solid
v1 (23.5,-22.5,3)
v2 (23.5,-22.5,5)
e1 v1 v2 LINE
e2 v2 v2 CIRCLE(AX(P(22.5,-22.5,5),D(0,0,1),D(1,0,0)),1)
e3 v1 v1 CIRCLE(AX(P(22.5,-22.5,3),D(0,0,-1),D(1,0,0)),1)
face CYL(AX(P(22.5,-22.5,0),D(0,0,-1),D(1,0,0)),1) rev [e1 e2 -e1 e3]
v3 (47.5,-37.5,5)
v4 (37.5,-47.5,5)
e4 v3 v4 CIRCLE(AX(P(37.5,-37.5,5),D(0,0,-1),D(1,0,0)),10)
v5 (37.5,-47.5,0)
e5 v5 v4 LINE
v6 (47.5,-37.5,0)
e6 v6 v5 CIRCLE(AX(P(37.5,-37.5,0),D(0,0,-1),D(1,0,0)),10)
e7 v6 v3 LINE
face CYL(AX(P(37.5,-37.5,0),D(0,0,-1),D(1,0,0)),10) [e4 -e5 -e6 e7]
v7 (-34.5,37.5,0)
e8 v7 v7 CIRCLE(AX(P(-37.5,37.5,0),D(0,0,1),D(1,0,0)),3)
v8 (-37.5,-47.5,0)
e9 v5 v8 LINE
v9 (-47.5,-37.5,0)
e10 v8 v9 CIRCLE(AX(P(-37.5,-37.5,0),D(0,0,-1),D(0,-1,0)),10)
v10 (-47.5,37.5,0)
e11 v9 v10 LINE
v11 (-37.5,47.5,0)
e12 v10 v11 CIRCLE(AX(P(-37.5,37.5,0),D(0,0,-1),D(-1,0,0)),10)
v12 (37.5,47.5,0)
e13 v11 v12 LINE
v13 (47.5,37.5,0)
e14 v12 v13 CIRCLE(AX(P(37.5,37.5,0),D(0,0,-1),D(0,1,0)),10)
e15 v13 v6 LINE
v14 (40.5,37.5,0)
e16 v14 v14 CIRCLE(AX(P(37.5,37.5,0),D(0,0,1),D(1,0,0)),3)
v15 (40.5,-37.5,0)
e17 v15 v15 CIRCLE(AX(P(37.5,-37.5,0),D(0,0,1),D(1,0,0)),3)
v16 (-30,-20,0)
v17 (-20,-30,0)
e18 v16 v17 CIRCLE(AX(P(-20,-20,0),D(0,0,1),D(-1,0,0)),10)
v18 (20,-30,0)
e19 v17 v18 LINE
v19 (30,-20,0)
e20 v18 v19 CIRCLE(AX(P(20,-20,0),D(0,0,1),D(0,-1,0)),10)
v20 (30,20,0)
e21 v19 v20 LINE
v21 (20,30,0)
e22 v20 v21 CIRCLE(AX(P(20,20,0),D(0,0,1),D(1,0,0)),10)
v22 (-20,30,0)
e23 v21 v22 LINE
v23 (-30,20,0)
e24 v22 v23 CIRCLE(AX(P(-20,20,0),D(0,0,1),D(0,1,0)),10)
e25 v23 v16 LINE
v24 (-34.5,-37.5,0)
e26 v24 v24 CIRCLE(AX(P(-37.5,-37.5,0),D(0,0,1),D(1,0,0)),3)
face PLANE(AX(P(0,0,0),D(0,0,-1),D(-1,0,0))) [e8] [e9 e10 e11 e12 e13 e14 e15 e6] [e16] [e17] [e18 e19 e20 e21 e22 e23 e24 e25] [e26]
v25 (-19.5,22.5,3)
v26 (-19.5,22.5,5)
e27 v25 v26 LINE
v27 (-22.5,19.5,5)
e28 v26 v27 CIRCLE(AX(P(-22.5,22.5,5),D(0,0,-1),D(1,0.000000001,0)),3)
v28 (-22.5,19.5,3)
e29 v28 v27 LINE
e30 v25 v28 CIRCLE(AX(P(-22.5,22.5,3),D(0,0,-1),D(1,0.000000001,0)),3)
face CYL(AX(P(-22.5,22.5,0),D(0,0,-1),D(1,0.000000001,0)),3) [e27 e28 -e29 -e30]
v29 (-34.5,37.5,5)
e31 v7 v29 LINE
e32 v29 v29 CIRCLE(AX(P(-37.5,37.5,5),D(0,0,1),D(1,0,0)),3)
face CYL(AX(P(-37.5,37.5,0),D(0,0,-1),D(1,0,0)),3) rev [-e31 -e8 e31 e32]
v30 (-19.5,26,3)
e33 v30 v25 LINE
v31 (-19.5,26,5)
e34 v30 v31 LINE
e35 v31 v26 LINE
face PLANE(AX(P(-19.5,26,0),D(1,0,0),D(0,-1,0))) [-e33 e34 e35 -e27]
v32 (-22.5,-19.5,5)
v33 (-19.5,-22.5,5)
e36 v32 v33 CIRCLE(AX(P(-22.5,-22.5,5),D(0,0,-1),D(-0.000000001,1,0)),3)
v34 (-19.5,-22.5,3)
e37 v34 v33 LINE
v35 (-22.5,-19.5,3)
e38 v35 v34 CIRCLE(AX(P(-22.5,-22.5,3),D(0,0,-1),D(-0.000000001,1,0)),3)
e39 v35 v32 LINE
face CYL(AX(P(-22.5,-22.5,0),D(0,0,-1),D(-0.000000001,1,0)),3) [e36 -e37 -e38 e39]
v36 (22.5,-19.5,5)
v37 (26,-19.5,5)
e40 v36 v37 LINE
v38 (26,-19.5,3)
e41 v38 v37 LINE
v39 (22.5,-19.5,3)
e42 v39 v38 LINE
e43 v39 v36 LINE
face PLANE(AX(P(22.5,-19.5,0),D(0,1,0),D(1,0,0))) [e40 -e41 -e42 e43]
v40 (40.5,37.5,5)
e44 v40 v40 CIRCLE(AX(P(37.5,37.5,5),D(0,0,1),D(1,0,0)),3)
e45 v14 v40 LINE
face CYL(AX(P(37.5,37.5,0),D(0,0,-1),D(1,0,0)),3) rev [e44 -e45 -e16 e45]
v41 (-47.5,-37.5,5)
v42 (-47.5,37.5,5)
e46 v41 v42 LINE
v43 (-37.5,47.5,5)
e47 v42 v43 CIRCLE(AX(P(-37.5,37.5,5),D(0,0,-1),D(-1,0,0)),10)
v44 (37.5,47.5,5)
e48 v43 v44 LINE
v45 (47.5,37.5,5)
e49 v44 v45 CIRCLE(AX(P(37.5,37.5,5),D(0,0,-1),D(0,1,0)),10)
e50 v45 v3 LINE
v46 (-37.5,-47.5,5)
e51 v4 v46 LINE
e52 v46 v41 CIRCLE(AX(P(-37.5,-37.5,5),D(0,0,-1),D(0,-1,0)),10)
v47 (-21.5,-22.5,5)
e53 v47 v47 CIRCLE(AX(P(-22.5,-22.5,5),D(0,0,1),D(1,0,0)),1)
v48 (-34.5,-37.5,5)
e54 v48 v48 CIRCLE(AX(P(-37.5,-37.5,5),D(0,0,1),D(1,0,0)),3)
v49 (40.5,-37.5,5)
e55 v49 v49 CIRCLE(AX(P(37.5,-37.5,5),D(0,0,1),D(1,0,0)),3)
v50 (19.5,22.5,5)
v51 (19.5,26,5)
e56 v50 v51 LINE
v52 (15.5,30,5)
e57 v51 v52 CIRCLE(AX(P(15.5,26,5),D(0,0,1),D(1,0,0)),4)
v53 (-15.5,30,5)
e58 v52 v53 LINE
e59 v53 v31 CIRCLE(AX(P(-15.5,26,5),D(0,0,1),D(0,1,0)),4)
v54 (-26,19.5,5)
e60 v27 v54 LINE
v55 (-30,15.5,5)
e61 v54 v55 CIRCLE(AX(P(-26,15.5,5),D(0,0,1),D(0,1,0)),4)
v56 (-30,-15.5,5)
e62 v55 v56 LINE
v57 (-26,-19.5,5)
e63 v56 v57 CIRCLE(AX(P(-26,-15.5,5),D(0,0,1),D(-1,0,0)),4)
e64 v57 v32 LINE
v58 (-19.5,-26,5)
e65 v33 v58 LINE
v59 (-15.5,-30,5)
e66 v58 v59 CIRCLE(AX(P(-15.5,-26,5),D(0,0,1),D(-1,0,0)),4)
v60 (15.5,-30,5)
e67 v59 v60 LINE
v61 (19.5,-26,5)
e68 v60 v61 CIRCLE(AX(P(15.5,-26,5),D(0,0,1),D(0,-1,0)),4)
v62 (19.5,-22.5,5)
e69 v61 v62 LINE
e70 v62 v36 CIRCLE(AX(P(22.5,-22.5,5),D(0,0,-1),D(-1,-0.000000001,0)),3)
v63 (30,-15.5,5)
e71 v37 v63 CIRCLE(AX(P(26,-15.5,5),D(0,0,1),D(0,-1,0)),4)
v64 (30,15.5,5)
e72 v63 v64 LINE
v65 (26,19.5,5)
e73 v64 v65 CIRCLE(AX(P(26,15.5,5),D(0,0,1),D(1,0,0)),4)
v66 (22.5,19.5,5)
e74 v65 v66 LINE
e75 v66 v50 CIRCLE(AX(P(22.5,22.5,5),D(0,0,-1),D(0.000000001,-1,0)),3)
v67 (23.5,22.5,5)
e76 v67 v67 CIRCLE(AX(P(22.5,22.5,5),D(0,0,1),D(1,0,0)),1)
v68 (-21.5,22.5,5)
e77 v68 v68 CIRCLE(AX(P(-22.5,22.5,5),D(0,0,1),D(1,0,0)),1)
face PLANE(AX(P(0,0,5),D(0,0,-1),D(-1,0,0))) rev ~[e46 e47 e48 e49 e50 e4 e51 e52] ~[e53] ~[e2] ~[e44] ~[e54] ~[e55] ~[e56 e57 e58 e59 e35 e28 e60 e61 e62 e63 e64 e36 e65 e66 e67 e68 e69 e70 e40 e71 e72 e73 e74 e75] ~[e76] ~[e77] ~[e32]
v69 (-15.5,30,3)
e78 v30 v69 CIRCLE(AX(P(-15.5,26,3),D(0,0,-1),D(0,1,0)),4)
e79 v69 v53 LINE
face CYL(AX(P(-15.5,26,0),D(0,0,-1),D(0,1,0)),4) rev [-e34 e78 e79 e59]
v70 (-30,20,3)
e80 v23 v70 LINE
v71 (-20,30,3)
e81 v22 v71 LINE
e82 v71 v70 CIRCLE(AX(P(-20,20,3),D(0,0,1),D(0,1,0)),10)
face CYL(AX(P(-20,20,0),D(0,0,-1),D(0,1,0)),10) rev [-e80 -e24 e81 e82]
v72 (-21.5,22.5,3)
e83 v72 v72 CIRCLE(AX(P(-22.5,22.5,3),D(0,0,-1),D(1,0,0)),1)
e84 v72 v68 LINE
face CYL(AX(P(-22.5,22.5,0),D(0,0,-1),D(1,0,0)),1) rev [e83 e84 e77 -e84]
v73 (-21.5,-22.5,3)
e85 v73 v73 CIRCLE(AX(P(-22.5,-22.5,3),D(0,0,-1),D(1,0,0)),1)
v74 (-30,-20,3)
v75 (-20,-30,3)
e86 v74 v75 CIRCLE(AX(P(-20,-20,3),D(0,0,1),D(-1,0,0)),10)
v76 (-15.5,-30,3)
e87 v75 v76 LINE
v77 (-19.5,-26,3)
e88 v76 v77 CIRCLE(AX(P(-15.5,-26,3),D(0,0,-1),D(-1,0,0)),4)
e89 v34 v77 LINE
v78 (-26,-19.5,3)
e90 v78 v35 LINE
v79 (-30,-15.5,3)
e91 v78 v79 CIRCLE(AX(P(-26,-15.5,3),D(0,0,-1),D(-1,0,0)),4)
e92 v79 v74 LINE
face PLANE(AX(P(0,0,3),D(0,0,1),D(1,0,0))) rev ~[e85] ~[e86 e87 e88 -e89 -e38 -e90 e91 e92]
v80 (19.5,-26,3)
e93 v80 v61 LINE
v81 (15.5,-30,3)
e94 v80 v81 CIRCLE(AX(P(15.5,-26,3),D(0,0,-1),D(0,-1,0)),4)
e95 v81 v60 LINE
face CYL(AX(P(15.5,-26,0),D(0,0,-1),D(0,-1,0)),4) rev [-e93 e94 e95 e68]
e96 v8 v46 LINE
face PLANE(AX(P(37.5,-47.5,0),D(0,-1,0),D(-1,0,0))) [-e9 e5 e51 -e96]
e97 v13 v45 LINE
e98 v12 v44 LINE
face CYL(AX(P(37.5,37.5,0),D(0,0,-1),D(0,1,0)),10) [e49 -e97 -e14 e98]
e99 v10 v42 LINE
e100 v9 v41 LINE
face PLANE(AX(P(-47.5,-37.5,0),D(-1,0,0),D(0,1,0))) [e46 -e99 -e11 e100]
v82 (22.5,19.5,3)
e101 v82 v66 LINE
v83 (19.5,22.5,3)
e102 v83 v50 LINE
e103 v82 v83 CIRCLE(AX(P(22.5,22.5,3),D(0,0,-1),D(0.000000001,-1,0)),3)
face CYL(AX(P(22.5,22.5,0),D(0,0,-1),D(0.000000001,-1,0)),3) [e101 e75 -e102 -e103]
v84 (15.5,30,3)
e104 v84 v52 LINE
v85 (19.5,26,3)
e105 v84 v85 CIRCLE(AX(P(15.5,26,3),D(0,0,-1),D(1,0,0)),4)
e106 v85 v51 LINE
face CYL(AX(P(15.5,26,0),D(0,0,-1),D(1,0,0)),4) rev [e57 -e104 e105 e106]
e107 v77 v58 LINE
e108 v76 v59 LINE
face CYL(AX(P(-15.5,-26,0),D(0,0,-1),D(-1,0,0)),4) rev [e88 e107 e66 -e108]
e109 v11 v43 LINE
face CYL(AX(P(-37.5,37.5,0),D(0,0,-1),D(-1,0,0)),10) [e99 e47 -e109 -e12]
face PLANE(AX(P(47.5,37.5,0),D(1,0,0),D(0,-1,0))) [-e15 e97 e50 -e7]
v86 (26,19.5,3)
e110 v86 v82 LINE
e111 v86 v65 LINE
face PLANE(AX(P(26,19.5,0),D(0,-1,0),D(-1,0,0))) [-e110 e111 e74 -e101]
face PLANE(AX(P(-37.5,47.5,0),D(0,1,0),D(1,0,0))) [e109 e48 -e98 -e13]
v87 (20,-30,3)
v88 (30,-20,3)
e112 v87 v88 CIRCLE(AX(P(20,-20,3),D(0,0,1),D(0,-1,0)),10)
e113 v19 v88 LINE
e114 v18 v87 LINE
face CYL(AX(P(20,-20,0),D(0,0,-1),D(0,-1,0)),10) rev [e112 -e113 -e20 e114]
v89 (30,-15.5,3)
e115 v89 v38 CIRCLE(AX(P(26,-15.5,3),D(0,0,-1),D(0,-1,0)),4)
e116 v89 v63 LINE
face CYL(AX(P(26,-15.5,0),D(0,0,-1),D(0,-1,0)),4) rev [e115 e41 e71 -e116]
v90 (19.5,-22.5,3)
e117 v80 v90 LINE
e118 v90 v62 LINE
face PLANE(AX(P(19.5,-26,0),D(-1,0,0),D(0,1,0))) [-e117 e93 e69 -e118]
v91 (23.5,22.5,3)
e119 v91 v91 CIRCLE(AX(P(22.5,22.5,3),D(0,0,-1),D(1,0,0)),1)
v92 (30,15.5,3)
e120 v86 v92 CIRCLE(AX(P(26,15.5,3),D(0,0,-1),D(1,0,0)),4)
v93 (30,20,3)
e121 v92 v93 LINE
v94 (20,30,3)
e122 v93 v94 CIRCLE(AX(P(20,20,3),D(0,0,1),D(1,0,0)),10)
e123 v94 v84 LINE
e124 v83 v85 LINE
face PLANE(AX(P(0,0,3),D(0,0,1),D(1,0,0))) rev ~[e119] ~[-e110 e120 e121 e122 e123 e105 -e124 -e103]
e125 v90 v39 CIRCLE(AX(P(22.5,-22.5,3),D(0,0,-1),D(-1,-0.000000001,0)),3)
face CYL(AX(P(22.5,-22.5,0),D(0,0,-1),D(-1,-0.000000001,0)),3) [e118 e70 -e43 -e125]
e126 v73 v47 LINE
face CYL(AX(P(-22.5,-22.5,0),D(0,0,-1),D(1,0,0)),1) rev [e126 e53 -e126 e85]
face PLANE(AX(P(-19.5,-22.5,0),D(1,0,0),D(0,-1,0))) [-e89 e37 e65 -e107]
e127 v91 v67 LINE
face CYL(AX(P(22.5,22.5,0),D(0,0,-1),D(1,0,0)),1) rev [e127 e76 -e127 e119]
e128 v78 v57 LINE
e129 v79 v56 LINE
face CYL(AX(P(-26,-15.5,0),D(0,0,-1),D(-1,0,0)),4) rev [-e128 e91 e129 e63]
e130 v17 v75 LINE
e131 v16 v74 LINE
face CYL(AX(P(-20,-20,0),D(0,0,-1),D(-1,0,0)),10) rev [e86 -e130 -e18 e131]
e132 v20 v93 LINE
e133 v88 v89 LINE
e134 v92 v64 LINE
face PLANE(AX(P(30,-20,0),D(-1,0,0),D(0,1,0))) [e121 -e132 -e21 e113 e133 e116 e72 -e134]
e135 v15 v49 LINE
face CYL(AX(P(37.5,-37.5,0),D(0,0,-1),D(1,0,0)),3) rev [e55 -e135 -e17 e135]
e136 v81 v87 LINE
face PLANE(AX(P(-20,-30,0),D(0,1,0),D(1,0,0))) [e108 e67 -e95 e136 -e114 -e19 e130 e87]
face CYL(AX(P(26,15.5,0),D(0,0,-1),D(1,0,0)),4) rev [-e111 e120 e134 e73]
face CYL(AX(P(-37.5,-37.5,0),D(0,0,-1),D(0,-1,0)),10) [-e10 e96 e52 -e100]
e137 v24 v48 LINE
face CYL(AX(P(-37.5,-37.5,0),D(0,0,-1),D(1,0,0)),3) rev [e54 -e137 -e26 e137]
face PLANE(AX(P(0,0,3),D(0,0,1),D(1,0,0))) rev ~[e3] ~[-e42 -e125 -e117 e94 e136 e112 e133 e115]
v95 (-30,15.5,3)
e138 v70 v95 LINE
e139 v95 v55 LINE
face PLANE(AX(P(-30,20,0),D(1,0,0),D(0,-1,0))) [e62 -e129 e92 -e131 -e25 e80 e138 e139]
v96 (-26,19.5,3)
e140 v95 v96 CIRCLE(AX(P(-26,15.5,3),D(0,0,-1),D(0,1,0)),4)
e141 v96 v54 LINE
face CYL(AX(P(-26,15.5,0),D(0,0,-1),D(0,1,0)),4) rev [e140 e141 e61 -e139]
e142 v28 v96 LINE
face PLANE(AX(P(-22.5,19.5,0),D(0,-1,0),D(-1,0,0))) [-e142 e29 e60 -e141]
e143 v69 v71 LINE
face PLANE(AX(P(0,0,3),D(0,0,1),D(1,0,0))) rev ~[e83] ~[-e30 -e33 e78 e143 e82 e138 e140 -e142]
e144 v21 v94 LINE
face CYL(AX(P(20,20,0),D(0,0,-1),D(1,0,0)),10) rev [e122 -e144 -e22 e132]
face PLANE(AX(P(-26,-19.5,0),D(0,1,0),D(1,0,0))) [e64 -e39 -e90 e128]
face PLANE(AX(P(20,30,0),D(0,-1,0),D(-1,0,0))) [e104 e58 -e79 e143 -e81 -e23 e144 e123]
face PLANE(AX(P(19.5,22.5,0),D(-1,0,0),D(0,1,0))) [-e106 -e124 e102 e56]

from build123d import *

# Parameters (mm, degrees)
SKETCH_1_R          = 1
SKETCH_1_R_2        = 3
EXTRUDE_1_DEPTH     = 5
CUT_EXTRUDE_1_DEPTH = 3


with BuildPart() as part:
    # 草图1 → 凸台-拉伸1 (new body)
    with BuildSketch(Plane.XY):
        with BuildLine():
            Line((-37.5, 47.5), (37.5, 47.5))
            ThreePointArc((37.5, 47.5), (44.571067812, 44.571067812), (47.5, 37.5))
            Line((47.5, 37.5), (47.5, -37.5))
            ThreePointArc((47.5, -37.5), (44.571067812, -44.571067812), (37.5, -47.5))
            Line((37.5, -47.5), (-37.5, -47.5))
            ThreePointArc((-37.5, -47.5), (-44.571067812, -44.571067812), (-47.5, -37.5))
            Line((-47.5, -37.5), (-47.5, 37.5))
            ThreePointArc((-47.5, 37.5), (-44.571067812, 44.571067812), (-37.5, 47.5))
        make_face()
        with Locations((-22.5, 22.5)):
            Circle(SKETCH_1_R, mode=Mode.SUBTRACT)
        with Locations((22.5, 22.5)):
            Circle(SKETCH_1_R, mode=Mode.SUBTRACT)
        with Locations((22.5, -22.5)):
            Circle(SKETCH_1_R, mode=Mode.SUBTRACT)
        with Locations((-22.5, -22.5)):
            Circle(SKETCH_1_R, mode=Mode.SUBTRACT)
        with Locations((37.5, 37.5)):
            Circle(SKETCH_1_R_2, mode=Mode.SUBTRACT)
        with Locations((-37.5, 37.5)):
            Circle(SKETCH_1_R_2, mode=Mode.SUBTRACT)
        with Locations((-37.5, -37.5)):
            Circle(SKETCH_1_R_2, mode=Mode.SUBTRACT)
        with Locations((37.5, -37.5)):
            Circle(SKETCH_1_R_2, mode=Mode.SUBTRACT)
        with BuildLine():
            Line((15.5, 30), (-15.5, 30))
            ThreePointArc((-15.5, 30), (-18.328427125, 28.828427125), (-19.5, 26))
            Line((-19.5, 26), (-19.5, 22.5))
            ThreePointArc((-19.5, 22.5), (-20.378679656, 20.378679656), (-22.5, 19.5))
            Line((-22.5, 19.5), (-26, 19.5))
            ThreePointArc((-26, 19.5), (-28.828427125, 18.328427125), (-30, 15.5))
            Line((-30, 15.5), (-30, -15.5))
            ThreePointArc((-30, -15.5), (-28.828427125, -18.328427125), (-26, -19.5))
            Line((-26, -19.5), (-22.5, -19.5))
            ThreePointArc((-22.5, -19.5), (-20.378679656, -20.378679656), (-19.5, -22.5))
            Line((-19.5, -22.5), (-19.5, -26))
            ThreePointArc((-19.5, -26), (-18.328427125, -28.828427125), (-15.5, -30))
            Line((-15.5, -30), (15.5, -30))
            ThreePointArc((15.5, -30), (18.328427125, -28.828427125), (19.5, -26))
            Line((19.5, -26), (19.5, -22.5))
            ThreePointArc((19.5, -22.5), (20.378679656, -20.378679656), (22.5, -19.5))
            Line((22.5, -19.5), (26, -19.5))
            ThreePointArc((26, -19.5), (28.828427125, -18.328427125), (30, -15.5))
            Line((30, -15.5), (30, 15.5))
            ThreePointArc((30, 15.5), (28.828427125, 18.328427125), (26, 19.5))
            Line((26, 19.5), (22.5, 19.5))
            ThreePointArc((22.5, 19.5), (20.378679656, 20.378679656), (19.5, 22.5))
            Line((19.5, 22.5), (19.5, 26))
            ThreePointArc((19.5, 26), (18.328427125, 28.828427125), (15.5, 30))
        make_face(mode=Mode.SUBTRACT)
    extrude(amount=EXTRUDE_1_DEPTH)

    # 草图2 → 切除-拉伸1 (cut)
    with BuildSketch(Plane(origin=(0, 0, 0), x_dir=(-1, 0, 0), z_dir=(0, 0, -1))):
        with BuildLine():
            Line((20, -30), (-20, -30))
            ThreePointArc((-20, -30), (-27.071067812, -27.071067812), (-30, -20))
            Line((-30, -20), (-30, 20))
            ThreePointArc((-30, 20), (-27.071067812, 27.071067812), (-20, 30))
            Line((-20, 30), (20, 30))
            ThreePointArc((20, 30), (27.071067812, 27.071067812), (30, 20))
            Line((30, 20), (30, -20))
            ThreePointArc((30, -20), (27.071067812, -27.071067812), (20, -30))
        make_face()
    extrude(amount=-CUT_EXTRUDE_1_DEPTH, mode=Mode.SUBTRACT)


solid = part.part
